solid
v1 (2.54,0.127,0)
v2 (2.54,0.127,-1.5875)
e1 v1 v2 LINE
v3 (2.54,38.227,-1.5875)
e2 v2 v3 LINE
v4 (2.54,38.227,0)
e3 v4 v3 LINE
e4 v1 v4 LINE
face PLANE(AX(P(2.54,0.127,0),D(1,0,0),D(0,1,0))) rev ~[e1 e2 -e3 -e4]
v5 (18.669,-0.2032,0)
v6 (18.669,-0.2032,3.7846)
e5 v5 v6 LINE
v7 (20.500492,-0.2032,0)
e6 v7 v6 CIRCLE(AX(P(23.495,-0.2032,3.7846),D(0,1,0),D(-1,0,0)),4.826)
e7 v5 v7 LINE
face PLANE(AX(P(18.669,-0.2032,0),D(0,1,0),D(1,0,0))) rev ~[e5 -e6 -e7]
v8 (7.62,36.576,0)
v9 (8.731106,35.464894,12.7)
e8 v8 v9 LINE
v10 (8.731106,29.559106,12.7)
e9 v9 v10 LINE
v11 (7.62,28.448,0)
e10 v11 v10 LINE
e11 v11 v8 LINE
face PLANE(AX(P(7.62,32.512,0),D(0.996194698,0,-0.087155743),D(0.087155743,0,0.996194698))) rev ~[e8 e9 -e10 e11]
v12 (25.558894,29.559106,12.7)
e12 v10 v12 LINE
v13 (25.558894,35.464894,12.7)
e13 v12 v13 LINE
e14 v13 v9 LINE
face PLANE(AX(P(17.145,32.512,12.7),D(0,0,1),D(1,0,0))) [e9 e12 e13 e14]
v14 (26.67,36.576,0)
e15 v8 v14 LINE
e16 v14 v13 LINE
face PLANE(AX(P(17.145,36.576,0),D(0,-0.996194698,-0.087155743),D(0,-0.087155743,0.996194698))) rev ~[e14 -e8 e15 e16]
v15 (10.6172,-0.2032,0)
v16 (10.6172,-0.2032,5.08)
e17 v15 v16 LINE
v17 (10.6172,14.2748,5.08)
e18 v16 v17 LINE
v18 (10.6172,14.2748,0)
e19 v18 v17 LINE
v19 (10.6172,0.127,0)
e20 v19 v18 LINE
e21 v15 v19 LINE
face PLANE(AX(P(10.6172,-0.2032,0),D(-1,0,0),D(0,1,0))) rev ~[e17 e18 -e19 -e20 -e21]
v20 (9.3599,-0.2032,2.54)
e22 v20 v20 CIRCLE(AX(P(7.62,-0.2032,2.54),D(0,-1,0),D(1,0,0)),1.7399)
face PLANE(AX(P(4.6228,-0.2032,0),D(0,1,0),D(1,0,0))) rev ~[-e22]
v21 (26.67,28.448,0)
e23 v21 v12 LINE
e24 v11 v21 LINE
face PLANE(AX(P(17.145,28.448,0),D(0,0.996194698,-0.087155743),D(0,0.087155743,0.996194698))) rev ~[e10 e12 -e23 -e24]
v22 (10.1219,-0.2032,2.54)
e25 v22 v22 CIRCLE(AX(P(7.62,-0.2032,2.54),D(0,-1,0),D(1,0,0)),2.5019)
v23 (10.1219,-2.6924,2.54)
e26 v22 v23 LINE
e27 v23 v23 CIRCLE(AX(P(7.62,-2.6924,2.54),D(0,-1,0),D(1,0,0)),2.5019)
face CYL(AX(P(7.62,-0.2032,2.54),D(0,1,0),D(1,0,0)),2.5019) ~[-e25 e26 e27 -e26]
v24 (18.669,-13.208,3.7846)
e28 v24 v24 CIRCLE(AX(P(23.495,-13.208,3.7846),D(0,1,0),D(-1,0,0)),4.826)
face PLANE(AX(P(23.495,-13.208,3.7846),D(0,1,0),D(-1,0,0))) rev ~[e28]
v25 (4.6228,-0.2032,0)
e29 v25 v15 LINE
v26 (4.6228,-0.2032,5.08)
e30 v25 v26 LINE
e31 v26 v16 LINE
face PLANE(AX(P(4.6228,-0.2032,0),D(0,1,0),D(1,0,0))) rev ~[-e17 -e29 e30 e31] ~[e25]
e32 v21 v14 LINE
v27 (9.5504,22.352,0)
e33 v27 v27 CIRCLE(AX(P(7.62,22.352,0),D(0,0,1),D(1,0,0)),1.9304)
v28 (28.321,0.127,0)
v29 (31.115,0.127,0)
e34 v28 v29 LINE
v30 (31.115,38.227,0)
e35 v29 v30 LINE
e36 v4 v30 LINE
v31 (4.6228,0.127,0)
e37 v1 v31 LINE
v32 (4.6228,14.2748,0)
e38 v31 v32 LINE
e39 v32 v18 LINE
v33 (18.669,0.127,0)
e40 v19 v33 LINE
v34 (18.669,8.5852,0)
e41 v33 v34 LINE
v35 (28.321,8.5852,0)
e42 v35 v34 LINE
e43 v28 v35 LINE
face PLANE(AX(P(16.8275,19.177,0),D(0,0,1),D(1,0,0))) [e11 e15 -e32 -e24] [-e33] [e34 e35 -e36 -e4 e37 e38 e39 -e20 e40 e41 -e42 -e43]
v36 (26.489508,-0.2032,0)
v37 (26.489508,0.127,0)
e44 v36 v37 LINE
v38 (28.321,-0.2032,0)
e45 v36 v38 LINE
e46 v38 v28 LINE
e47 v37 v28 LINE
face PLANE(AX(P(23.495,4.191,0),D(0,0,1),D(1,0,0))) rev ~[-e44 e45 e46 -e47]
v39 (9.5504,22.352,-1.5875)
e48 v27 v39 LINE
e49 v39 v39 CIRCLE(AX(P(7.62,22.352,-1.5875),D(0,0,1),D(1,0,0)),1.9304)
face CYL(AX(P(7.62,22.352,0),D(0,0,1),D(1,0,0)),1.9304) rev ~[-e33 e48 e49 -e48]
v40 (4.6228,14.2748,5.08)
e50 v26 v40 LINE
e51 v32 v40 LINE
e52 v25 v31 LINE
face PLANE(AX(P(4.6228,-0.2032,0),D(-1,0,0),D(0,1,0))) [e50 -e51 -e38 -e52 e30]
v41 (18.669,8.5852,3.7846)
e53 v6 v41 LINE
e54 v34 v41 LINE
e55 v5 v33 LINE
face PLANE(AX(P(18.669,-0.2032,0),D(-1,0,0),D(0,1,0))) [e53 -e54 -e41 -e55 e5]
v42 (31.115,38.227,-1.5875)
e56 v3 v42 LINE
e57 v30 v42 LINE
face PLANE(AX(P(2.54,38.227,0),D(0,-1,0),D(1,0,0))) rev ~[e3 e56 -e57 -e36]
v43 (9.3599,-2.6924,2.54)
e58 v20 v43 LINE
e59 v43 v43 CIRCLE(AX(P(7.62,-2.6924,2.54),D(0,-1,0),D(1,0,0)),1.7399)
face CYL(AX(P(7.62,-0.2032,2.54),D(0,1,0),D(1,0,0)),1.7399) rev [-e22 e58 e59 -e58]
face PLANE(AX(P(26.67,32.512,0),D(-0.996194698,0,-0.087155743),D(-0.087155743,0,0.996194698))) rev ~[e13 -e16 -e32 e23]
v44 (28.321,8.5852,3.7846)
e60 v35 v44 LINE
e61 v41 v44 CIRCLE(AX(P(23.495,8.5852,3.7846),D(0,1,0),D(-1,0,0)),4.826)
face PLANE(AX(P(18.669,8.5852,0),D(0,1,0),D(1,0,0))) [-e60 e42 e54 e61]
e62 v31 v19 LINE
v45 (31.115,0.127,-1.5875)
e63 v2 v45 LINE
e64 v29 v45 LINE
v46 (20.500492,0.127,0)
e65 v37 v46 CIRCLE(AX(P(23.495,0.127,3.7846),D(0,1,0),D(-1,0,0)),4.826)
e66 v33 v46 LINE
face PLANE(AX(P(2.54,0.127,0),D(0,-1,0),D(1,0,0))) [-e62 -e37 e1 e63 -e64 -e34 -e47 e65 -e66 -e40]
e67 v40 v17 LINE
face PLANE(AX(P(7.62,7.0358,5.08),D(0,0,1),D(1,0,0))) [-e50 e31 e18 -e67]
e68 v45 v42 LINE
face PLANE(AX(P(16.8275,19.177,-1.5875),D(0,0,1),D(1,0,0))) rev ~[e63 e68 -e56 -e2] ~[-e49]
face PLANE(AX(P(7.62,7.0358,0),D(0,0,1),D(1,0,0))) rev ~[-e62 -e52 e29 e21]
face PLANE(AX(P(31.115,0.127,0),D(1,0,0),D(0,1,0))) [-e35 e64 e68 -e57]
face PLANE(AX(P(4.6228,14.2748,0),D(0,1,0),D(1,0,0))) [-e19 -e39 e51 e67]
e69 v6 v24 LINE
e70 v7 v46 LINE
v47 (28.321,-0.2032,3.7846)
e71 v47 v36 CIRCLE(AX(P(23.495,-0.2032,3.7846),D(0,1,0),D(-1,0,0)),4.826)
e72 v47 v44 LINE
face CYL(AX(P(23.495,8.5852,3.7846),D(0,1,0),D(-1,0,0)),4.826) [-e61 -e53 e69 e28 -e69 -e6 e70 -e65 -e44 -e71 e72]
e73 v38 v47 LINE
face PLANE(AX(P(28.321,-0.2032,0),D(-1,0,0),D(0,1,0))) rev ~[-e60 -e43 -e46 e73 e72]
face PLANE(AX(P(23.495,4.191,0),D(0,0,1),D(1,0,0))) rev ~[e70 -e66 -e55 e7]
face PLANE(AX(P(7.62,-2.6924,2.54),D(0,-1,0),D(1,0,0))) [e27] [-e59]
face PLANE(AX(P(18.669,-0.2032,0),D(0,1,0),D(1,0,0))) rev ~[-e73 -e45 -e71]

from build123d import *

# Parameters (mm, degrees)
SKETCH_W      = 28.575
SKETCH_H      = 38.1
SKETCH_R      = 1.9304
PAD_DEPTH     = 1.5875
SKETCH001_W   = 19.05
SKETCH001_H   = 8.128
PAD001_DEPTH  = 12.7
PAD001_TAPER  = 5
SKETCH002_W   = 5.9944
SKETCH002_H   = 14.478
PAD002_DEPTH  = 5.08
SKETCH003_R   = 2.5019
SKETCH003_R_2 = 1.7399
PAD003_DEPTH  = 2.4892
SKETCH004_W   = 9.652
SKETCH004_H   = 8.7884
PAD004_DEPTH  = 3.7846
SKETCH005_R   = 4.826
PAD005_DEPTH  = 21.7932


with BuildPart() as part:
    # Sketch → Pad (new body)
    with BuildSketch(Plane.XY):
        with Locations((15.5575, 19.05)):
            Rectangle(SKETCH_W, SKETCH_H)
        with Locations((6.35, 22.225)):
            Circle(SKETCH_R, mode=Mode.SUBTRACT)
    extrude(amount=-PAD_DEPTH)

    # Sketch001 (on Face6 of Pad) → Pad001 (join)
    with BuildSketch(Plane.XY):
        with Locations((15.875, 32.385)):
            Rectangle(SKETCH001_W, SKETCH001_H)
    extrude(amount=PAD001_DEPTH, taper=PAD001_TAPER)

    # Sketch002 (on Face4 of Pad001) → Pad002 (join)
    with BuildSketch(Plane.XY):
        with Locations((6.35, 6.9088)):
            Rectangle(SKETCH002_W, SKETCH002_H)
    extrude(amount=PAD002_DEPTH)

    # Sketch003 (on Face16 of Pad002) → Pad003 (join)
    with BuildSketch(Plane.XZ.offset(0.3302)):
        with Locations((6.35, 2.54)):
            Circle(SKETCH003_R)
        with Locations((6.35, 2.54)):
            Circle(SKETCH003_R_2, mode=Mode.SUBTRACT)
    extrude(amount=PAD003_DEPTH)

    # Sketch004 (on Face4 of Pad003) → Pad004 (join)
    with BuildSketch(Plane.XY):
        with Locations((22.225, 4.064)):
            Rectangle(SKETCH004_W, SKETCH004_H)
    extrude(amount=PAD004_DEPTH)

    # Sketch005 (on Face10 of Pad004) → Pad005 (join)
    with BuildSketch(Plane(origin=(0, 8.4582, 0), x_dir=(-1, 0, 0), z_dir=(0, 1, 0))):
        with Locations((-22.225, 3.7846)):
            Circle(SKETCH005_R)
    extrude(amount=-PAD005_DEPTH)


with BuildPart() as part_1:
    # Body002 placement: moved
    add(part.part.moved(Location((1.27, 0.127, 0))))


solid = part_1.part
